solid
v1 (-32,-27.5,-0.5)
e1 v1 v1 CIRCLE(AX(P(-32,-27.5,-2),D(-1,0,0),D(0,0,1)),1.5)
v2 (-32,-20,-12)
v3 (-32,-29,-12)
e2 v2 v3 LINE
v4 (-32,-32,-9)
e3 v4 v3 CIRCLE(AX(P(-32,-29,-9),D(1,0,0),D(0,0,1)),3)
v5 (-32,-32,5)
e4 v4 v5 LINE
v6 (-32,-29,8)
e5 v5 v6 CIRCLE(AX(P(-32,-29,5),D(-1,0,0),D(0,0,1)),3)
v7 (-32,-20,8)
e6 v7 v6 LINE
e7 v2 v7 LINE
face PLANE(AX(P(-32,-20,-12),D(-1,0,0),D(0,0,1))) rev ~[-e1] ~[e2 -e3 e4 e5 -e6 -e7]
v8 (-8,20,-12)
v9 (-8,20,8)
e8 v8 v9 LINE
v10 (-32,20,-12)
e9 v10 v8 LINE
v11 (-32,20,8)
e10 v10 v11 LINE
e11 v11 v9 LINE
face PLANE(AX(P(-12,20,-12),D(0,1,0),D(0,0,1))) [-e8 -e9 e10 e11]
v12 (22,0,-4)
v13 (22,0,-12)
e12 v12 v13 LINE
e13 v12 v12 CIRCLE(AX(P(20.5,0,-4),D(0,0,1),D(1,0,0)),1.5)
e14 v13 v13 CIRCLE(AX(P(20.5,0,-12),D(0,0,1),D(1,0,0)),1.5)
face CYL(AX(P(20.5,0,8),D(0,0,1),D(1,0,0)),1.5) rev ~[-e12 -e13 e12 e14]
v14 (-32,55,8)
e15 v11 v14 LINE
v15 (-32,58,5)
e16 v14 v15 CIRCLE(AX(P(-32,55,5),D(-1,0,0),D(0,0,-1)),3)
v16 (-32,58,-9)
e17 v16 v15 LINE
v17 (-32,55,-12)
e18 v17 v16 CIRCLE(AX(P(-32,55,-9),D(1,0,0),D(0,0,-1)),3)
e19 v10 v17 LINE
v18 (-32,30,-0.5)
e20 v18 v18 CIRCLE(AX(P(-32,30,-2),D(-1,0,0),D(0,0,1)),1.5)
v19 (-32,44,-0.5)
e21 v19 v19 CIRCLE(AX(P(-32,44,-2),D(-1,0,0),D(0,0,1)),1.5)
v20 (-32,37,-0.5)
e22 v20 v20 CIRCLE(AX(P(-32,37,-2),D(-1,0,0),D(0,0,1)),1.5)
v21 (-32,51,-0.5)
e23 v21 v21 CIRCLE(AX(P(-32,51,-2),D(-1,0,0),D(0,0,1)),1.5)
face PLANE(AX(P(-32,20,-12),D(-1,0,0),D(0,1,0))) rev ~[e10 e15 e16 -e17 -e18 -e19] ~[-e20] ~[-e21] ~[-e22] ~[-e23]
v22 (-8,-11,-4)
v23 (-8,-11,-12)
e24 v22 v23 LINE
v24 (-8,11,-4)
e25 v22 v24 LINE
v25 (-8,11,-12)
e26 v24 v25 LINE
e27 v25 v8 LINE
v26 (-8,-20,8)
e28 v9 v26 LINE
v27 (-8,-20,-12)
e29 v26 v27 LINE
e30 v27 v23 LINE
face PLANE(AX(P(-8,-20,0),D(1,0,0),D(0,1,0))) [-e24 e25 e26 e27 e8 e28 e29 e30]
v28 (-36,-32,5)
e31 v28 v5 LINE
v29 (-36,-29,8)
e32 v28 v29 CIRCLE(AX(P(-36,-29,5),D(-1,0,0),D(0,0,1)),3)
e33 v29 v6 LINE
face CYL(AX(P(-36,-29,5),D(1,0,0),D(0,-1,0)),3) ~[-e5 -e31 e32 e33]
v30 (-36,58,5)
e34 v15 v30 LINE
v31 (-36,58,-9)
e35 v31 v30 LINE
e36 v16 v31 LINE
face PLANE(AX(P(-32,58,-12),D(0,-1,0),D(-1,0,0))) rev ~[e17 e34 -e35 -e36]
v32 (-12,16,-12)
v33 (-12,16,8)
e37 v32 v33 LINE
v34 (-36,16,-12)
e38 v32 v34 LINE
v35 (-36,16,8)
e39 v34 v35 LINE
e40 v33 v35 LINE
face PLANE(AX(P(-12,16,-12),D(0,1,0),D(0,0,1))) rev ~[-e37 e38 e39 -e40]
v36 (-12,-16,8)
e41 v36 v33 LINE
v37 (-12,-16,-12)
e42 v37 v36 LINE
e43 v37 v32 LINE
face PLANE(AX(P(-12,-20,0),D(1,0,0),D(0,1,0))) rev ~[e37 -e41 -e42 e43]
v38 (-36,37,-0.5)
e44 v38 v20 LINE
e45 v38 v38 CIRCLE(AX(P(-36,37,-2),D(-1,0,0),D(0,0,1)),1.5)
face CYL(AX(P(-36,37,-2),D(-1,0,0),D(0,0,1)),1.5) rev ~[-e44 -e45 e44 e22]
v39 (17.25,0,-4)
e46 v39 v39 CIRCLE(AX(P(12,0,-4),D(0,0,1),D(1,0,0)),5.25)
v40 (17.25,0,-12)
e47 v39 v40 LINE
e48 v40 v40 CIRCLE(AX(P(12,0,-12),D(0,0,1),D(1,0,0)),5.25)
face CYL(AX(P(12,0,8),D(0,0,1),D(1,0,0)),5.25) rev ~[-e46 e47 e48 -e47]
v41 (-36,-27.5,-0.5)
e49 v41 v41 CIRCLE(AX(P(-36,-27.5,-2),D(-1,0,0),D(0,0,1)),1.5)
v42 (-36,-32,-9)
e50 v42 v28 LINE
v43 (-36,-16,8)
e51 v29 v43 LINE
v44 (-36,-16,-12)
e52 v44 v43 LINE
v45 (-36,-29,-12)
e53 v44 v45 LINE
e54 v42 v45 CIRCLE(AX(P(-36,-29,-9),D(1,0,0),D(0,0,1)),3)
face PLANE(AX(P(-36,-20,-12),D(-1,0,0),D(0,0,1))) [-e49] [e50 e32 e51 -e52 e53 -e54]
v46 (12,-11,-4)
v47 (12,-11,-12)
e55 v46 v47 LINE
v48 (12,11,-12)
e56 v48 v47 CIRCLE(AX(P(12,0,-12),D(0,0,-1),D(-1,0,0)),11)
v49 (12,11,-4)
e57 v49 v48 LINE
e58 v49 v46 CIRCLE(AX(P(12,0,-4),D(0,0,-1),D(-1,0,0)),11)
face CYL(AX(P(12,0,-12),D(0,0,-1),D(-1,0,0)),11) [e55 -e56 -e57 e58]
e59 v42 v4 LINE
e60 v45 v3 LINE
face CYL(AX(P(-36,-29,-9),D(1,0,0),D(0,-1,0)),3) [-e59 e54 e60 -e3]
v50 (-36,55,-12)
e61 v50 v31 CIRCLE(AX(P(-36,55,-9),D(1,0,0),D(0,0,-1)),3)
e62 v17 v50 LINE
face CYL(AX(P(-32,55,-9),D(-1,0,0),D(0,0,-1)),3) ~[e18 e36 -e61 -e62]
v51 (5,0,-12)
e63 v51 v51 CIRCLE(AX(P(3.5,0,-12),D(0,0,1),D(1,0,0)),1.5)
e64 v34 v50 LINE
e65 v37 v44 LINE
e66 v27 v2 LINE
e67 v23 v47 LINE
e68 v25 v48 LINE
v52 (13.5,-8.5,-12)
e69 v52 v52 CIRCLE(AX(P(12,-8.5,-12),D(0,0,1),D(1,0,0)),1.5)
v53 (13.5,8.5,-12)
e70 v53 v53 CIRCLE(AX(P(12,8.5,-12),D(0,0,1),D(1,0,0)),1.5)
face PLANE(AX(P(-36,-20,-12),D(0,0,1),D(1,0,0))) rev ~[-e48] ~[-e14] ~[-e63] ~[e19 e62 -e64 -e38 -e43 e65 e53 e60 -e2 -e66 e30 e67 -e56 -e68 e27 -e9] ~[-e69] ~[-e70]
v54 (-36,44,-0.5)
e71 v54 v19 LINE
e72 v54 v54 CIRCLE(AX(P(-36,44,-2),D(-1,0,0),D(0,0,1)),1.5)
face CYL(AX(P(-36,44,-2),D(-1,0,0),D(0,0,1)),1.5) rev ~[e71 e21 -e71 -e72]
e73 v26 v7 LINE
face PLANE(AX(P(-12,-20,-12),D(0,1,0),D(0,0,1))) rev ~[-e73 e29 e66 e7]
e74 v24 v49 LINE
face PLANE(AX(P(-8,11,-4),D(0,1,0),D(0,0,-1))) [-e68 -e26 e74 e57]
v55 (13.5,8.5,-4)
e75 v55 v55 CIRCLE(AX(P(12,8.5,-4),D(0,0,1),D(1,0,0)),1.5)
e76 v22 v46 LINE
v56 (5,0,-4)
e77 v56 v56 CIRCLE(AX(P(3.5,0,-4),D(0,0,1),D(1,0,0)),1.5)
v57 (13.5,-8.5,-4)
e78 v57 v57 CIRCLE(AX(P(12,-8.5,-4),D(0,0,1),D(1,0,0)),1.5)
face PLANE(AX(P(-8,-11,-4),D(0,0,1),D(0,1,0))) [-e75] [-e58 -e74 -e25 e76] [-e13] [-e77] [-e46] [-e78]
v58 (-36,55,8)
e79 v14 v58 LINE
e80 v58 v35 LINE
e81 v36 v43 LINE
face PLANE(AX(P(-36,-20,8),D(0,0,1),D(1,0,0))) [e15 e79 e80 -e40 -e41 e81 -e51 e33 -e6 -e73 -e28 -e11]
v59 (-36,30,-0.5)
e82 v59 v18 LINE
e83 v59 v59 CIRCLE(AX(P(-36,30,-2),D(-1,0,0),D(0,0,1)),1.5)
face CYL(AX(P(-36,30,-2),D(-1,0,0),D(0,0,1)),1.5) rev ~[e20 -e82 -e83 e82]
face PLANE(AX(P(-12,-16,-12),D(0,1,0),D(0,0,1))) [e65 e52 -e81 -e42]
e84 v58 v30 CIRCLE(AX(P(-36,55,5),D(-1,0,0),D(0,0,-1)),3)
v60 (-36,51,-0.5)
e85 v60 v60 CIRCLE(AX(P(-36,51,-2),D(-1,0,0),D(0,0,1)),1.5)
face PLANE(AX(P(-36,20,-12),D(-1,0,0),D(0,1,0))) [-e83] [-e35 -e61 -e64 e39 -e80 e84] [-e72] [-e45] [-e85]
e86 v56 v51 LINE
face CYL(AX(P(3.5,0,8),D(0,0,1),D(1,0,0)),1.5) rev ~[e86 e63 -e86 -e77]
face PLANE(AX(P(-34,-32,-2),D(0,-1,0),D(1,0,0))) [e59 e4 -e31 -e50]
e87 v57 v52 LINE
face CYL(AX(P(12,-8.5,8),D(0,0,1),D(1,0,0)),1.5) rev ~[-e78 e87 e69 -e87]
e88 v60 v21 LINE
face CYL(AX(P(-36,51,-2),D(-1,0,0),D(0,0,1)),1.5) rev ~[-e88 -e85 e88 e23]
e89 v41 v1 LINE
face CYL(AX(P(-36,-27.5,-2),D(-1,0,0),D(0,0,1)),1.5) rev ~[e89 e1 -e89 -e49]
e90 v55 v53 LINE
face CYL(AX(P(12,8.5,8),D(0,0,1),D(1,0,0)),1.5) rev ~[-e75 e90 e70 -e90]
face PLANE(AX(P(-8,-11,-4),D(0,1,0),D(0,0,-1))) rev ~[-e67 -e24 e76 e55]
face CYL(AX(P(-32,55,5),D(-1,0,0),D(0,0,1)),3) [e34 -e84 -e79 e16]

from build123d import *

# Parameters (mm, degrees)
BOSS_EXTRUDE2_DEPTH  = 8
SKETCH3_R            = 5.25
CUT_EXTRUDE1_DEPTH   = 8
SKETCH7_W            = 4
SKETCH7_H            = 9
BOSS_EXTRUDE3_DEPTH  = 8
SKETCH8_W            = 4
SKETCH8_H            = 40
BOSS_EXTRUDE4_DEPTH  = 12
SKETCH9_W            = 20
SKETCH9_H            = 4
BOSS_EXTRUDE5_DEPTH  = 24
SKETCH10_W           = 20
SKETCH10_H           = 4
BOSS_EXTRUDE6_DEPTH  = 24
SKETCH12_W           = 4
SKETCH12_H           = 38
BOSS_EXTRUDE7_DEPTH  = 20
SKETCH13_W           = 4
SKETCH13_H           = 20
BOSS_EXTRUDE8_DEPTH  = 12
SKETCH14_R           = 1.5
CUT_EXTRUDE2_DEPTH   = 12
SKETCH15_R           = 1.5
CUT_EXTRUDE3_DEPTH   = 12
FILLET1_R            = 3
SKETCH16_R           = 1.5
CUT_EXTRUDE4_DEPTH   = 12
SKETCH21_W           = 8
SKETCH21_H           = 22
BOSS_EXTRUDE9_DEPTH  = 20
SKETCH22_R           = 11
BOSS_EXTRUDE10_DEPTH = 8
SKETCH23_R           = 1.5
SKETCH23_R_2         = 5.25
CUT_EXTRUDE6_DEPTH   = 21
SKETCH24_R           = 1.5
SKETCH24_R_2         = 5.25
CUT_EXTRUDE7_DEPTH   = 8


with BuildPart() as part:
    # Sketch1 → Boss-Extrude2 (new body)
    with BuildSketch(Plane.XY):
        with BuildLine():
            ThreePointArc((12, 11), (1, 0), (12, -11))
            Line((12, -11), (12, 11))
        make_face()
        with BuildLine():
            Line((12, 11), (12, -11))
            ThreePointArc((12, -11), (19.778174593, -7.778174593), (23, 0))
            ThreePointArc((23, 0), (19.778174593, 7.778174593), (12, 11))
        make_face()
        with BuildLine():
            Line((-12, 11), (-12, -11))
            Line((-12, -11), (12, -11))
            ThreePointArc((12, -11), (1, 0), (12, 11))
            Line((12, 11), (-12, 11))
        make_face()
    extrude(amount=BOSS_EXTRUDE2_DEPTH)

    # Sketch3 → Cut-Extrude1 (cut)
    with BuildSketch(Plane.XY.offset(8)):
        with Locations((12, 0)):
            Circle(SKETCH3_R)
    extrude(amount=-CUT_EXTRUDE1_DEPTH, mode=Mode.SUBTRACT)

    # Sketch7 → Boss-Extrude3 (add)
    with BuildSketch(Plane.XY.offset(8)):
        with Locations((-10, 15.5)):
            Rectangle(SKETCH7_W, SKETCH7_H)
        with Locations((-10, -15.5)):
            Rectangle(SKETCH7_W, SKETCH7_H)
    extrude(amount=-BOSS_EXTRUDE3_DEPTH)

    # Sketch8 → Boss-Extrude4 (add)
    with BuildSketch(Plane(origin=(0, 0, 0), x_dir=(-1, 0, 0), z_dir=(0, 0, -1))):
        with Locations((10, 0)):
            Rectangle(SKETCH8_W, SKETCH8_H)
    extrude(amount=BOSS_EXTRUDE4_DEPTH)

    # Sketch9 → Boss-Extrude5 (add)
    with BuildSketch(Plane.ZY.offset(12)):
        with Locations((-2, 18)):
            Rectangle(SKETCH9_W, SKETCH9_H)
    extrude(amount=BOSS_EXTRUDE5_DEPTH)

    # Sketch10 → Boss-Extrude6 (add)
    with BuildSketch(Plane.ZY.offset(12)):
        with Locations((-2, -18)):
            Rectangle(SKETCH10_W, SKETCH10_H)
    extrude(amount=BOSS_EXTRUDE6_DEPTH)

    # Sketch12 → Boss-Extrude7 (add)
    with BuildSketch(Plane(origin=(0, 0, -12), x_dir=(-1, 0, 0), z_dir=(0, 0, -1))):
        with Locations((34, 39)):
            Rectangle(SKETCH12_W, SKETCH12_H)
    extrude(amount=-BOSS_EXTRUDE7_DEPTH)

    # Sketch13 → Boss-Extrude8 (add)
    with BuildSketch(Plane.XZ.offset(20)):
        with Locations((-34, -2)):
            Rectangle(SKETCH13_W, SKETCH13_H)
    extrude(amount=BOSS_EXTRUDE8_DEPTH)

    # Sketch14 → Cut-Extrude2 (cut)
    with BuildSketch(Plane.ZY.offset(36)):
        with Locations((-2, -27.5)):
            Circle(SKETCH14_R)
    extrude(amount=-CUT_EXTRUDE2_DEPTH, mode=Mode.SUBTRACT)

    # Sketch15 → Cut-Extrude3 (cut)
    with BuildSketch(Plane.ZY.offset(36)):
        with Locations((-2, 51)):
            Circle(SKETCH15_R)
        with Locations((-2, 44)):
            Circle(SKETCH15_R)
        with Locations((-2, 37)):
            Circle(SKETCH15_R)
        with Locations((-2, 30)):
            Circle(SKETCH15_R)
    extrude(amount=-CUT_EXTRUDE3_DEPTH, mode=Mode.SUBTRACT)

    # Fillet1
    fillet1_edges = [part.edges().sort_by_distance(p)[0] for p in [
        (-34, -32, -12),
        (-34, -32, 8),
        (-34, 58, 8),
        (-34, 58, -12),
    ]]
    fillet(fillet1_edges, radius=FILLET1_R)

    # Sketch16 → Cut-Extrude4 (cut)
    with BuildSketch(Plane(origin=(0, 0, 0), x_dir=(-1, 0, 0), z_dir=(0, 0, -1))):
        with Locations((-12, 8.5)):
            Circle(SKETCH16_R)
        with Locations((-20.5, 0)):
            Circle(SKETCH16_R)
        with Locations((-12, -8.5)):
            Circle(SKETCH16_R)
        with Locations((-3.5, 0)):
            Circle(SKETCH16_R)
    extrude(amount=-CUT_EXTRUDE4_DEPTH, mode=Mode.SUBTRACT)

    # Sketch21 → Boss-Extrude9 (add)
    with BuildSketch(Plane(origin=(-8, 0, 0), x_dir=(0, 0, -1), z_dir=(1, 0, 0))):
        with Locations((8, 0)):
            Rectangle(SKETCH21_W, SKETCH21_H)
    extrude(amount=BOSS_EXTRUDE9_DEPTH)

    # Sketch22 → Boss-Extrude10 (add)
    with BuildSketch(Plane(origin=(0, 0, -12), x_dir=(-1, 0, 0), z_dir=(0, 0, -1))):
        with Locations((-12, 0)):
            Circle(SKETCH22_R)
    extrude(amount=-BOSS_EXTRUDE10_DEPTH)

    # Sketch23 → Cut-Extrude6 (cut, through all)
    with BuildSketch(Plane.XY.offset(8)):
        with Locations((12, 8.5)):
            Circle(SKETCH23_R)
        with Locations((20.5, 0)):
            Circle(SKETCH23_R)
        with Locations((3.5, 0)):
            Circle(SKETCH23_R)
        with Locations((12, -8.5)):
            Circle(SKETCH23_R)
        with Locations((12, 0)):
            Circle(SKETCH23_R_2)
    extrude(amount=-CUT_EXTRUDE6_DEPTH, mode=Mode.SUBTRACT)

    # Sketch24 → Cut-Extrude7 (cut)
    with BuildSketch(Plane.XY.offset(8)):
        with BuildLine():
            Line((12, 11), (-8, 11))
            Line((-8, 11), (-8, -11))
            Line((-8, -11), (12, -11))
            ThreePointArc((12, -11), (1, 0), (12, 11))
        make_face()
        with BuildLine():
            Line((12, 10), (12, 11))
            ThreePointArc((12, 11), (1, 0), (12, -11))
            Line((12, -11), (12, -10))
            ThreePointArc((12, -10), (10.5, -8.5), (12, -7))
            Line((12, -7), (12, -5.25))
            ThreePointArc((12, -5.25), (6.75, 0), (12, 5.25))
            Line((12, 5.25), (12, 7))
            ThreePointArc((12, 7), (10.5, 8.5), (12, 10))
        make_face()
        with Locations((3.5, 0)):
            Circle(SKETCH24_R, mode=Mode.SUBTRACT)
        with Locations((12, 8.5)):
            Circle(SKETCH24_R)
        with Locations((12, 0)):
            Circle(SKETCH24_R_2)
        with Locations((12, -8.5)):
            Circle(SKETCH24_R)
        with BuildLine():
            Line((12, 11), (12, -11))
            ThreePointArc((12, -11), (23, 0), (12, 11))
        make_face()
        with Locations((20.5, 0)):
            Circle(SKETCH24_R, mode=Mode.SUBTRACT)
    extrude(amount=-CUT_EXTRUDE7_DEPTH, mode=Mode.SUBTRACT)


solid = part.part
